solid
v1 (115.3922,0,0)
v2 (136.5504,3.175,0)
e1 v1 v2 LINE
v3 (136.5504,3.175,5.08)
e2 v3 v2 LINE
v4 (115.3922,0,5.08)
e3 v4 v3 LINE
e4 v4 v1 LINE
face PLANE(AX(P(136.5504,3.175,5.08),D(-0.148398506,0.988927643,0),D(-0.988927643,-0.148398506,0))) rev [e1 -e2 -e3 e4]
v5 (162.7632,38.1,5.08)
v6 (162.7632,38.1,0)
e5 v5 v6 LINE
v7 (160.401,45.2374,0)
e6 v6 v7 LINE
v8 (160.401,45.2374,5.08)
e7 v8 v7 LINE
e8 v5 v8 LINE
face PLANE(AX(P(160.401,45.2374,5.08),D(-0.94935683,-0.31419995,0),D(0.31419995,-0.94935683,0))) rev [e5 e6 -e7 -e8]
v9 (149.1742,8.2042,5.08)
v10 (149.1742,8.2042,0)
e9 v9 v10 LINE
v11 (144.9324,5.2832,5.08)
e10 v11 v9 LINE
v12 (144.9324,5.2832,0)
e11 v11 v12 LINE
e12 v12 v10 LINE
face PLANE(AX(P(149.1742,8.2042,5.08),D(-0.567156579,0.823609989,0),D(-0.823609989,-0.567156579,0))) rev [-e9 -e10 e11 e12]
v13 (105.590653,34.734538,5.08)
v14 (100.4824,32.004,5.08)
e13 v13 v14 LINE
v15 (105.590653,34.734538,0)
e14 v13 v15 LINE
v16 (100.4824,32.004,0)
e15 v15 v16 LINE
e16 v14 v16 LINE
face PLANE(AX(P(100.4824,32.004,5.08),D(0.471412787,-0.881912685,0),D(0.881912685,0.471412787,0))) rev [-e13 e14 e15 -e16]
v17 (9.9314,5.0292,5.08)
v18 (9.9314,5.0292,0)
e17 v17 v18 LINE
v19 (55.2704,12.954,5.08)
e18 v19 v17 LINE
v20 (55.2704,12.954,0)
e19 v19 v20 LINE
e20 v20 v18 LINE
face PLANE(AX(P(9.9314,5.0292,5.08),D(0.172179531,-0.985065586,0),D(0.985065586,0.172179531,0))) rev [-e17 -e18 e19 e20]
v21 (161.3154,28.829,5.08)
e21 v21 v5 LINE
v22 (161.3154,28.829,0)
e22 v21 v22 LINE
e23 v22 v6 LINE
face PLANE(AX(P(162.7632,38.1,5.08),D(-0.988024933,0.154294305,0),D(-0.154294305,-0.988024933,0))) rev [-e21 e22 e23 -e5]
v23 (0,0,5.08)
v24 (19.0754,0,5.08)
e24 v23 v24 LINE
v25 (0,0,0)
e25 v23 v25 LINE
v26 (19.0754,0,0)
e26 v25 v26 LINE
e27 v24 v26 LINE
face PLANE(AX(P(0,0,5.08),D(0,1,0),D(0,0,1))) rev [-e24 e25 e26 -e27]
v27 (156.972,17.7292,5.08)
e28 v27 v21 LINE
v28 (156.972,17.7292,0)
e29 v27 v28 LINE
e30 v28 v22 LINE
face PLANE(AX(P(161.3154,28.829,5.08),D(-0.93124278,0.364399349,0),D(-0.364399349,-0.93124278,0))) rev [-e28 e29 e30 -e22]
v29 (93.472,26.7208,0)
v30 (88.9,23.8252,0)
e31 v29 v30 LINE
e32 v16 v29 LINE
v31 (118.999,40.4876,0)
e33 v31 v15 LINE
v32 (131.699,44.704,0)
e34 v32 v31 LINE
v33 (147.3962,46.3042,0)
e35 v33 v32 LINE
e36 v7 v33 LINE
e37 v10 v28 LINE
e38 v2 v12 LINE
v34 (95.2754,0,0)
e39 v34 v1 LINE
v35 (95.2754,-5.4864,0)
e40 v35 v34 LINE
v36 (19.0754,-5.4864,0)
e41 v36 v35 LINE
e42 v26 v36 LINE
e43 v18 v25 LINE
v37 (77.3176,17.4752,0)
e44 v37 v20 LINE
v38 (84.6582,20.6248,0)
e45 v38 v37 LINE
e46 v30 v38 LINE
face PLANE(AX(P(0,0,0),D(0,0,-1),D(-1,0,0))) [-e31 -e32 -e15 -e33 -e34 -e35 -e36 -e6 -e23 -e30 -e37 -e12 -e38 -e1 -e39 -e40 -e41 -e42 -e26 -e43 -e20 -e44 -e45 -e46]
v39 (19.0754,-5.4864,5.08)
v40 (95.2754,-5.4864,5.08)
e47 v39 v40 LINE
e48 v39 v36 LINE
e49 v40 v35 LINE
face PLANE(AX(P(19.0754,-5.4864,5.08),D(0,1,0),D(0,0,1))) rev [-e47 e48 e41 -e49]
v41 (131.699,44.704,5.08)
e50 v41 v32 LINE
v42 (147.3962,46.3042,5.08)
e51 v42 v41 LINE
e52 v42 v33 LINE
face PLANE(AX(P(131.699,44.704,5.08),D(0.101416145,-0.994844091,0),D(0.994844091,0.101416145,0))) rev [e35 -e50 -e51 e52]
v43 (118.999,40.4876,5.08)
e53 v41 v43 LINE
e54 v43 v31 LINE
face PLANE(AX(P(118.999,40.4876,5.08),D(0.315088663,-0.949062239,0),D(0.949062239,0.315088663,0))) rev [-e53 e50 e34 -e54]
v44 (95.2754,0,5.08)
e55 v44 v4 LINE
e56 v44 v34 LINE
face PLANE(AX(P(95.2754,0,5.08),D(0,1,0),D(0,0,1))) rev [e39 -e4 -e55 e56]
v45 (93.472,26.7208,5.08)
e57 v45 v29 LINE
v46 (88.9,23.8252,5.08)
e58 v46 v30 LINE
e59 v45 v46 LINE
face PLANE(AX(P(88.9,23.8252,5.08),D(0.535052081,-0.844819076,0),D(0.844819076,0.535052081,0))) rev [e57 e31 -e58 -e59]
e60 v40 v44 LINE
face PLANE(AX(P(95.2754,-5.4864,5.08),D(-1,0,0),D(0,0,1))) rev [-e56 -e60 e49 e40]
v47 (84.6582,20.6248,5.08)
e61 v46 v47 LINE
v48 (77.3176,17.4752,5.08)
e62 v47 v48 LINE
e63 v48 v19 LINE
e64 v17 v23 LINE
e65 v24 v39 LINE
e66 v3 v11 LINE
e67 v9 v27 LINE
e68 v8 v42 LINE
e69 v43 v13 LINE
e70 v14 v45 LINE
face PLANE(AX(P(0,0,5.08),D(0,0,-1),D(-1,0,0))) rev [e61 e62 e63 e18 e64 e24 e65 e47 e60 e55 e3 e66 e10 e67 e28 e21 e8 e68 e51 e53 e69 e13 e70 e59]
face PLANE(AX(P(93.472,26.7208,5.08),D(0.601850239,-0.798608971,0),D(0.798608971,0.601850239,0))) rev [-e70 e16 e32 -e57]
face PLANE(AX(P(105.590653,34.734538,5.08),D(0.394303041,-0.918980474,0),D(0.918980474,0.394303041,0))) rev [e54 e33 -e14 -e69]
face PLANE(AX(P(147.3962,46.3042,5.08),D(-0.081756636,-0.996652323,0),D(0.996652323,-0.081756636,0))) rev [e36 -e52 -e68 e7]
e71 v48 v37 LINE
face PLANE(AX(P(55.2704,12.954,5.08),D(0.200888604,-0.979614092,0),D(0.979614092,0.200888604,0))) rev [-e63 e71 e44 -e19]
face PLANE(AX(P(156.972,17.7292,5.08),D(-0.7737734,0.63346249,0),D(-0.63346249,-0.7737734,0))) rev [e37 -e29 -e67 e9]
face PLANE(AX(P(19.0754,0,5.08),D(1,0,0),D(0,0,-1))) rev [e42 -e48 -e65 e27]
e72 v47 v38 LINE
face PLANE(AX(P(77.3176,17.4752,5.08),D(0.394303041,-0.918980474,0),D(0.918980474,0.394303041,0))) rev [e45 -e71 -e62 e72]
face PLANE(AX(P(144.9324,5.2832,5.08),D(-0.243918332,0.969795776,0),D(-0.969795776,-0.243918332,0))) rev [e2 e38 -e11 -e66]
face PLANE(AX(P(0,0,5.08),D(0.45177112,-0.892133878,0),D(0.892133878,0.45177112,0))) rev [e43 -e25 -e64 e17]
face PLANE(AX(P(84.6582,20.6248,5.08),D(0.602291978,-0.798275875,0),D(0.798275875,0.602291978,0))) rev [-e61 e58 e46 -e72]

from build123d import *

# Parameters (mm, degrees)
BOSS_EXTRUDE1_DEPTH = 5.08


with BuildPart() as part:
    # Sketch1 → Boss-Extrude1 (new body)
    with BuildSketch(Plane.XY):
        Polygon((0, 0), (9.9314, 5.0292), (55.2704, 12.954), (77.3176, 17.4752), (84.6582, 20.6248), (88.9, 23.8252), (93.472, 26.7208), (100.4824, 32.004), (105.590652808, 34.734537537), (118.999, 40.4876), (131.699, 44.704), (147.3962, 46.3042), (160.400999981, 45.237400002), (162.7632, 38.1), (161.3154, 28.829), (156.972, 17.7292), (149.1742, 8.2042), (144.9324, 5.2832), (136.5504, 3.175), (115.3922, 0), (95.2754, 0), (95.2754, -5.4864), (19.0754, -5.4864), (19.0754, 0), align=None)
    extrude(amount=BOSS_EXTRUDE1_DEPTH)


solid = part.part
